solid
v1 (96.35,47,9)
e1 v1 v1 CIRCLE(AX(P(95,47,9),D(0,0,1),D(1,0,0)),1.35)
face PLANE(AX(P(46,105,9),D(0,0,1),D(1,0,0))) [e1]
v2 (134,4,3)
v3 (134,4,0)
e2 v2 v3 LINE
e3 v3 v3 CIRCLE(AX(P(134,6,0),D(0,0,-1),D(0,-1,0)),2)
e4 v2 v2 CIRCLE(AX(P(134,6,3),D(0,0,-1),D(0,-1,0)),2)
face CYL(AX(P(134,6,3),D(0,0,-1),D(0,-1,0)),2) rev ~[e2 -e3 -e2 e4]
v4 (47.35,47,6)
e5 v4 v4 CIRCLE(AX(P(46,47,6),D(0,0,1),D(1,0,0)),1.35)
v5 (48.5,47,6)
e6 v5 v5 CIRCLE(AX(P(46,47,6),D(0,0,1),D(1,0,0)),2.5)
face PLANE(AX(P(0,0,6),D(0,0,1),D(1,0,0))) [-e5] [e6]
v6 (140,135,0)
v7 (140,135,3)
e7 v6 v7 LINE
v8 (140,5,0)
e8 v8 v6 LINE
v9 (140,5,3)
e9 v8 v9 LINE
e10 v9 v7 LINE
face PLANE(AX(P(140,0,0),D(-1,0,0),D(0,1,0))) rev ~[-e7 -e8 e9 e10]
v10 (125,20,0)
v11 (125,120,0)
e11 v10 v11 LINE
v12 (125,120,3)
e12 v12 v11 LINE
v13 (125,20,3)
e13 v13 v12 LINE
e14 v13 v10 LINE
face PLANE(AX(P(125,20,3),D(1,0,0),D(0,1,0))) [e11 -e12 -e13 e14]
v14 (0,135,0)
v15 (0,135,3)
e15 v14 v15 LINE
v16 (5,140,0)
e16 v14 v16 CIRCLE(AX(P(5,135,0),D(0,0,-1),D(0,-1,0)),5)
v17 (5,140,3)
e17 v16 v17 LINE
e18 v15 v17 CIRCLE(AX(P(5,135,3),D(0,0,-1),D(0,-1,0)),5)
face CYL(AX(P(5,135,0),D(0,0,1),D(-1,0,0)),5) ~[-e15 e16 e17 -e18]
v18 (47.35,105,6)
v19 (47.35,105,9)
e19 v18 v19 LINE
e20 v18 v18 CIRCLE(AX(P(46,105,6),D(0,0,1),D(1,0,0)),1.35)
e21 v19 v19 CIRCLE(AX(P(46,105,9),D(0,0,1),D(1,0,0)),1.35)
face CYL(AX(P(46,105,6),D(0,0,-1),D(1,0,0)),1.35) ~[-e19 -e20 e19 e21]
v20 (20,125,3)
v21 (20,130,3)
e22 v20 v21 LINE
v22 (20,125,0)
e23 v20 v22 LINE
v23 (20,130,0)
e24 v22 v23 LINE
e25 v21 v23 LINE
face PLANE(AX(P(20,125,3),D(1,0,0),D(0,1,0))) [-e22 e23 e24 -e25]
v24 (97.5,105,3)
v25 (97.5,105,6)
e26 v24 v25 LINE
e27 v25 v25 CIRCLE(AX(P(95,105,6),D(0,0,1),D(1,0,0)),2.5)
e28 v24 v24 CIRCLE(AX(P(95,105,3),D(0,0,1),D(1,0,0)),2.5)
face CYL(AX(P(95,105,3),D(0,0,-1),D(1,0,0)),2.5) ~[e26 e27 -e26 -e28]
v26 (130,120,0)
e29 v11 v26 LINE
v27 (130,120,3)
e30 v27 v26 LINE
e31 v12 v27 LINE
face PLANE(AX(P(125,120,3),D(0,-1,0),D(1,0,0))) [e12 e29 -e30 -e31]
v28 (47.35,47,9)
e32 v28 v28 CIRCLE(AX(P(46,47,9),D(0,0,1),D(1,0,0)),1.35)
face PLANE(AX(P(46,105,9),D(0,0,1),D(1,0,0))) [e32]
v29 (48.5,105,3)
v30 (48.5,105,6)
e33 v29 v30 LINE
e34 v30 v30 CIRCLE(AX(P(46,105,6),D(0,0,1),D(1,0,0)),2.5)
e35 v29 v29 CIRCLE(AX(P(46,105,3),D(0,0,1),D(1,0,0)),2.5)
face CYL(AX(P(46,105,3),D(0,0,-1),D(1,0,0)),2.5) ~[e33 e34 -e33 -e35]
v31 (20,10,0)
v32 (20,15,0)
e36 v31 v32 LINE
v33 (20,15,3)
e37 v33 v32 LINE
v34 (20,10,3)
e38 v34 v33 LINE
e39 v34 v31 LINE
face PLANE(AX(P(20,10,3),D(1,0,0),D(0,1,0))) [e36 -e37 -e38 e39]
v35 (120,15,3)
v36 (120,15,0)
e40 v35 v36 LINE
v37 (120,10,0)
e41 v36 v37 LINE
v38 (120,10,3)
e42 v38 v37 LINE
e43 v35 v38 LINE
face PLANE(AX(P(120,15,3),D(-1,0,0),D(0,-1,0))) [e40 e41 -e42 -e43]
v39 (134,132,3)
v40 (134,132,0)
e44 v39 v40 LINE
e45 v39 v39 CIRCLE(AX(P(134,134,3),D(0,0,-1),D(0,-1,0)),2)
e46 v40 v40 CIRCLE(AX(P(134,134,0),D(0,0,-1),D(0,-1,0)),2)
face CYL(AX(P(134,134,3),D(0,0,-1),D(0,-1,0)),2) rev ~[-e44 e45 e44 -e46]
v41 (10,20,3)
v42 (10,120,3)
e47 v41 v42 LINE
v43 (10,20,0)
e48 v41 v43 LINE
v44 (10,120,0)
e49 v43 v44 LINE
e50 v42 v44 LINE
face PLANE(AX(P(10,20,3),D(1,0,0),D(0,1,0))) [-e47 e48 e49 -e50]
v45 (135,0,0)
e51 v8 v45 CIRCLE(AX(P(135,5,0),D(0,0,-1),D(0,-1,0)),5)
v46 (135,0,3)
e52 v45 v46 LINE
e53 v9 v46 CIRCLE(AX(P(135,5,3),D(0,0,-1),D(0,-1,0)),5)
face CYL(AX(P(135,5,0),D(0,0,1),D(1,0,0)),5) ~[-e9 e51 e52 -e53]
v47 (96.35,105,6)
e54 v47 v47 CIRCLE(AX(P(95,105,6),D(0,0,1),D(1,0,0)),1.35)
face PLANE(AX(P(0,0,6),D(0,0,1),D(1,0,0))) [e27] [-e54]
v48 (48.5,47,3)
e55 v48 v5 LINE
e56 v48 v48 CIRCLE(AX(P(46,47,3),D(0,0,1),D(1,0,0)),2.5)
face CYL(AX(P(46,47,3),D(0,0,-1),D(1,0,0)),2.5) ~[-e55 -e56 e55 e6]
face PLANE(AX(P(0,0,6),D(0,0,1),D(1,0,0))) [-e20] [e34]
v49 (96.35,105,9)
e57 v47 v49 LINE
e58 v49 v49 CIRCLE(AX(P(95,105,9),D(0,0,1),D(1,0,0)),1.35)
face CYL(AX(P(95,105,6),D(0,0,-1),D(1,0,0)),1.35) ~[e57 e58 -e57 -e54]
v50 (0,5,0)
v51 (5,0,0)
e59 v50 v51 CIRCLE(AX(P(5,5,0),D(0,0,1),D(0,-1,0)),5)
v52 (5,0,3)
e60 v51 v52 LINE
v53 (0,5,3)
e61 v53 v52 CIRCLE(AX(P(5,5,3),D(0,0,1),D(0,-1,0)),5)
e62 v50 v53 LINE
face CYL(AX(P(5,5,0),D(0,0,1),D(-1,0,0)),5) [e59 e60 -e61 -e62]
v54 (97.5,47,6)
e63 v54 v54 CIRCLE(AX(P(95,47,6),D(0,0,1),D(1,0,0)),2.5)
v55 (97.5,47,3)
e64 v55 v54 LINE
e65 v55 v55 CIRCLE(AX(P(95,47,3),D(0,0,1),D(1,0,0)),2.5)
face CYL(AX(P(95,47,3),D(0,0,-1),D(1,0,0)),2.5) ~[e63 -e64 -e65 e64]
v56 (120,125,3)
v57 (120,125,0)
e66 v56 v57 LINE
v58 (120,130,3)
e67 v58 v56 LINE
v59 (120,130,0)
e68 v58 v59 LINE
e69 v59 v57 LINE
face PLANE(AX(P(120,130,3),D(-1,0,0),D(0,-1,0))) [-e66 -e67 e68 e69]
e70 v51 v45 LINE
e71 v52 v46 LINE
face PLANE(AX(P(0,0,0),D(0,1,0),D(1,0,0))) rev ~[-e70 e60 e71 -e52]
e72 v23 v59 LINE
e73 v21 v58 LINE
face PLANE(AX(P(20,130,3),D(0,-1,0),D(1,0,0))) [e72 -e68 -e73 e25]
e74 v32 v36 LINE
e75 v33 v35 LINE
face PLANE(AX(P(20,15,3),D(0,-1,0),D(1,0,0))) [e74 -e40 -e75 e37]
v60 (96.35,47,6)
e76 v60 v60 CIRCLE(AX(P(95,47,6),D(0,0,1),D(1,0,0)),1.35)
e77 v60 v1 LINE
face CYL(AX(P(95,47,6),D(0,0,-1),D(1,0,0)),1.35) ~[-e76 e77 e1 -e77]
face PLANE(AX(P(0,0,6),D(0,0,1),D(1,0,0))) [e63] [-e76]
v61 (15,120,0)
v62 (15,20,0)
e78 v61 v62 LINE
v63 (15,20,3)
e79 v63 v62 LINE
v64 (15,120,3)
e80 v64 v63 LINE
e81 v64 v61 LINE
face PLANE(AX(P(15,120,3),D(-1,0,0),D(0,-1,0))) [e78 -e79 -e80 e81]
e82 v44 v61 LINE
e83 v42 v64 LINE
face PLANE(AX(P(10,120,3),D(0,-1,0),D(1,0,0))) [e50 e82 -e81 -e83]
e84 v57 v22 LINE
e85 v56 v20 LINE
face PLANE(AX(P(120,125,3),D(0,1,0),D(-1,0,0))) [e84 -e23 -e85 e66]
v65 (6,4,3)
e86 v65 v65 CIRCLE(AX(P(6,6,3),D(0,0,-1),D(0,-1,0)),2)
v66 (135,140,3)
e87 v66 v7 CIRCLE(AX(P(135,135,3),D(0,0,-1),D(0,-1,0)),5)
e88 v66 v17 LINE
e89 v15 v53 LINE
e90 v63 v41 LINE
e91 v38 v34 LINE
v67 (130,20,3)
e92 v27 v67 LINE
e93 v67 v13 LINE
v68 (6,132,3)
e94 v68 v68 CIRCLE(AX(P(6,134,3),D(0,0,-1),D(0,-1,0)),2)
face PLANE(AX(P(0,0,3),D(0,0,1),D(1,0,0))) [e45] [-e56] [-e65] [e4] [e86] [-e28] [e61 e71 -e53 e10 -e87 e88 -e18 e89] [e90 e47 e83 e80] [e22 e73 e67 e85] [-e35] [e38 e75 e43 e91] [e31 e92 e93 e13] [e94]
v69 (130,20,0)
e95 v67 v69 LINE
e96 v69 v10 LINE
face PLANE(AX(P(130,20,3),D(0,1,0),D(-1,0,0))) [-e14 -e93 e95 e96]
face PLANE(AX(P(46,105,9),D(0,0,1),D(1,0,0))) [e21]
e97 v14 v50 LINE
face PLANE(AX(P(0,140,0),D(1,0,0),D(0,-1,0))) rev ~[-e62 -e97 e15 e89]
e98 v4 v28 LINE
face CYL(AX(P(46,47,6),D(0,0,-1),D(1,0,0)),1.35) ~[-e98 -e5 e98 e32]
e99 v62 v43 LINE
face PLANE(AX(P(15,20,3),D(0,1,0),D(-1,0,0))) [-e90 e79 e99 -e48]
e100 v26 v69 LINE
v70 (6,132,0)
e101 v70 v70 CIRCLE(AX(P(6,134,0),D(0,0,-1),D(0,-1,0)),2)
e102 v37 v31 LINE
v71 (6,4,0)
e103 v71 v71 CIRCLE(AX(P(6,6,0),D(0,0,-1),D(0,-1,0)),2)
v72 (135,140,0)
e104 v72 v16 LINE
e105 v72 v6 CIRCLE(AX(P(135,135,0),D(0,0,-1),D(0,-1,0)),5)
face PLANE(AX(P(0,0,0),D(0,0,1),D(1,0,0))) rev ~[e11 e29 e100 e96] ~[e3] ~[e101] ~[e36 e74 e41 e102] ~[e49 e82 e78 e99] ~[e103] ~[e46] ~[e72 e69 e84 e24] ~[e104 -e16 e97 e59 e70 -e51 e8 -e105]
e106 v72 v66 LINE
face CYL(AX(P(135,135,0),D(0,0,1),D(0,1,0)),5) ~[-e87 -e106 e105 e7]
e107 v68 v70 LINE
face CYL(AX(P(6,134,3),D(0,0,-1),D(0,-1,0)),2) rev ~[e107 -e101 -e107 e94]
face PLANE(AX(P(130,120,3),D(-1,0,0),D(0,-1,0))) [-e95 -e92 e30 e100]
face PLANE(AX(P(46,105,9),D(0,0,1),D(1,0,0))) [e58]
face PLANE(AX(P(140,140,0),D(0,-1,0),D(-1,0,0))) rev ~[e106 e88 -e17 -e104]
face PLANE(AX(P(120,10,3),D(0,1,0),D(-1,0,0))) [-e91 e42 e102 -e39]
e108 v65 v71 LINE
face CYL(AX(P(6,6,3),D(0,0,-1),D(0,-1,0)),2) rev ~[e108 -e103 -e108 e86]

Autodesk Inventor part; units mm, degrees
ref_plane "YZ Plane" through (0, 0, 0) normal (1, 0, 0) x (0, 1, 0)
ref_plane "XZ Plane" through (0, 0, 0) normal (0, 1, 0) x (-1, 0, 0)
ref_plane "XY Plane" through (0, 0, 0) normal (0, 0, 1) x (1, 0, 0)
sketch "Sketch1" plane through (0, 0, 0) normal (0, 0, 1) x (1, 0, 0)
  line L0 (0, 0) -> (140, 0)
  line L1 (140, 0) -> (140, 140)
  line L2 (140, 140) -> (0, 140)
  line L3 (0, 140) -> (0, 0)
  dimension "d0" = 140
  dimension "d1" = 140
extrude "Extrusion1" add sketch "Sketch1" along normal blind 3
fillet "Fillet1" radius 5 4 edges at (140, 140, 1.5) (140, 0, 1.5) (0, 140, 1.5) (0, 0, 1.5)
sketch "Sketch4" plane through (0, 0, 3) normal (0, 0, 1) x (1, 0, 0)
  line L0 (135, 140) -> (5, 140) projected
  line L1 (0, 135) -> (0, 5) projected
  line L2 (140, 5) -> (140, 135) projected
  line L3 (5, 0) -> (135, 0) projected
  point P0 (0, 0)
  point P1 (6, 134)
  point P2 (134, 134)
  point P3 (6, 6)
  point P4 (134, 6)
  dimension "d30" = 6
  dimension "d31" = 6
  dimension "d32" = 6
  dimension "d33" = 6
  dimension "d34" = 6
  dimension "d35" = 6
  dimension "d36" = 6
  dimension "d37" = 6
hole "Hole2" at (134, 134, 3) at (6, 6, 3) at (134, 6, 3) at (6, 134, 3) direction (0, 0, -1) diameter 4 depth 15
sketch "Sketch5" plane through (0, 0, 3) normal (0, 0, 1) x (1, 0, 0)
  line L0 (20, 130) -> (120, 130)
  line L1 (120, 130) -> (120, 125)
  line L2 (120, 125) -> (20, 125)
  line L3 (20, 125) -> (20, 130)
  line L4 (135, 140) -> (5, 140) projected
  line L5 (140, 5) -> (140, 135) projected
  line L6 (20, 15) -> (120, 15)
  line L7 (120, 15) -> (120, 10)
  line L8 (120, 10) -> (20, 10)
  line L9 (20, 10) -> (20, 15)
  line L10 (5, 0) -> (135, 0) projected
  line L11 (10, 120) -> (15, 120)
  line L12 (15, 120) -> (15, 20)
  line L13 (15, 20) -> (10, 20)
  line L14 (10, 20) -> (10, 120)
  line L15 (0, 135) -> (0, 5) projected
  line L16 (125, 120) -> (130, 120)
  line L17 (130, 120) -> (130, 20)
  line L18 (130, 20) -> (125, 20)
  line L19 (125, 20) -> (125, 120)
  point P0 (0, 0)
  dimension "d45" = 10
  dimension "d46" = 5
  dimension "d47" = 20
  dimension "d48" = 100
  dimension "d49" = 100
  dimension "d50" = 5
  dimension "d51" = 20
  dimension "d52" = 10
  dimension "d53" = 5
  dimension "d54" = 100
  dimension "d55" = 20
  dimension "d56" = 10
  dimension "d57" = 5
  dimension "d58" = 100
  dimension "d59" = 10
  dimension "d60" = 20
extrude "Extrusion4" cut sketch "Sketch5" against normal blind 10
sketch "Sketch6" plane through (0, 0, 3) normal (0, 0, 1) x (1, 0, 0)
  circle A0 centre (46, 105) radius 2.5
  circle A1 centre (95, 105) radius 2.5
  circle A2 centre (46, 47) radius 2.5
  circle A3 centre (95, 47) radius 2.5
  line L0 (140, 5) -> (140, 135) projected
  line L1 (135, 140) -> (5, 140) projected
  point P0 (0, 0)
  dimension "d66" = 5
  dimension "d67" = 5
  dimension "d68" = 5
  dimension "d69" = 5
  dimension "d70" = 58
  dimension "d71" = 58
  dimension "d72" = 49
  dimension "d73" = 0
  dimension "d74" = 45
  dimension "d76" = 49
  dimension "d77" = 35
  dimension "d79" = 0
extrude "Extrusion5" add sketch "Sketch6" along normal blind 3
sketch "Sketch7" plane through (46, 105, 6) normal (0, 0, 1) x (1, 0, 0)
  circle A0 centre (0, 0) radius 1.35
  circle A1 centre (49, 0) radius 2.5 projected
  circle A2 centre (49, 0) radius 1.35
  circle A3 centre (49, -58) radius 2.5 projected
  circle A4 centre (49, -58) radius 1.35
  circle A5 centre (0, -58) radius 1.35
  point P0 (-46, -105)
  point P1 (49, -55.5)
  dimension "d82" = 2.7
  dimension "d83" = 2.7
  dimension "d84" = 2.7
  dimension "d85" = 2.7
extrude "Extrusion6" add sketch "Sketch7" along normal blind 3 contours A0 | A2 | A4 | A5
properties part number "Led deksel niet hub"
